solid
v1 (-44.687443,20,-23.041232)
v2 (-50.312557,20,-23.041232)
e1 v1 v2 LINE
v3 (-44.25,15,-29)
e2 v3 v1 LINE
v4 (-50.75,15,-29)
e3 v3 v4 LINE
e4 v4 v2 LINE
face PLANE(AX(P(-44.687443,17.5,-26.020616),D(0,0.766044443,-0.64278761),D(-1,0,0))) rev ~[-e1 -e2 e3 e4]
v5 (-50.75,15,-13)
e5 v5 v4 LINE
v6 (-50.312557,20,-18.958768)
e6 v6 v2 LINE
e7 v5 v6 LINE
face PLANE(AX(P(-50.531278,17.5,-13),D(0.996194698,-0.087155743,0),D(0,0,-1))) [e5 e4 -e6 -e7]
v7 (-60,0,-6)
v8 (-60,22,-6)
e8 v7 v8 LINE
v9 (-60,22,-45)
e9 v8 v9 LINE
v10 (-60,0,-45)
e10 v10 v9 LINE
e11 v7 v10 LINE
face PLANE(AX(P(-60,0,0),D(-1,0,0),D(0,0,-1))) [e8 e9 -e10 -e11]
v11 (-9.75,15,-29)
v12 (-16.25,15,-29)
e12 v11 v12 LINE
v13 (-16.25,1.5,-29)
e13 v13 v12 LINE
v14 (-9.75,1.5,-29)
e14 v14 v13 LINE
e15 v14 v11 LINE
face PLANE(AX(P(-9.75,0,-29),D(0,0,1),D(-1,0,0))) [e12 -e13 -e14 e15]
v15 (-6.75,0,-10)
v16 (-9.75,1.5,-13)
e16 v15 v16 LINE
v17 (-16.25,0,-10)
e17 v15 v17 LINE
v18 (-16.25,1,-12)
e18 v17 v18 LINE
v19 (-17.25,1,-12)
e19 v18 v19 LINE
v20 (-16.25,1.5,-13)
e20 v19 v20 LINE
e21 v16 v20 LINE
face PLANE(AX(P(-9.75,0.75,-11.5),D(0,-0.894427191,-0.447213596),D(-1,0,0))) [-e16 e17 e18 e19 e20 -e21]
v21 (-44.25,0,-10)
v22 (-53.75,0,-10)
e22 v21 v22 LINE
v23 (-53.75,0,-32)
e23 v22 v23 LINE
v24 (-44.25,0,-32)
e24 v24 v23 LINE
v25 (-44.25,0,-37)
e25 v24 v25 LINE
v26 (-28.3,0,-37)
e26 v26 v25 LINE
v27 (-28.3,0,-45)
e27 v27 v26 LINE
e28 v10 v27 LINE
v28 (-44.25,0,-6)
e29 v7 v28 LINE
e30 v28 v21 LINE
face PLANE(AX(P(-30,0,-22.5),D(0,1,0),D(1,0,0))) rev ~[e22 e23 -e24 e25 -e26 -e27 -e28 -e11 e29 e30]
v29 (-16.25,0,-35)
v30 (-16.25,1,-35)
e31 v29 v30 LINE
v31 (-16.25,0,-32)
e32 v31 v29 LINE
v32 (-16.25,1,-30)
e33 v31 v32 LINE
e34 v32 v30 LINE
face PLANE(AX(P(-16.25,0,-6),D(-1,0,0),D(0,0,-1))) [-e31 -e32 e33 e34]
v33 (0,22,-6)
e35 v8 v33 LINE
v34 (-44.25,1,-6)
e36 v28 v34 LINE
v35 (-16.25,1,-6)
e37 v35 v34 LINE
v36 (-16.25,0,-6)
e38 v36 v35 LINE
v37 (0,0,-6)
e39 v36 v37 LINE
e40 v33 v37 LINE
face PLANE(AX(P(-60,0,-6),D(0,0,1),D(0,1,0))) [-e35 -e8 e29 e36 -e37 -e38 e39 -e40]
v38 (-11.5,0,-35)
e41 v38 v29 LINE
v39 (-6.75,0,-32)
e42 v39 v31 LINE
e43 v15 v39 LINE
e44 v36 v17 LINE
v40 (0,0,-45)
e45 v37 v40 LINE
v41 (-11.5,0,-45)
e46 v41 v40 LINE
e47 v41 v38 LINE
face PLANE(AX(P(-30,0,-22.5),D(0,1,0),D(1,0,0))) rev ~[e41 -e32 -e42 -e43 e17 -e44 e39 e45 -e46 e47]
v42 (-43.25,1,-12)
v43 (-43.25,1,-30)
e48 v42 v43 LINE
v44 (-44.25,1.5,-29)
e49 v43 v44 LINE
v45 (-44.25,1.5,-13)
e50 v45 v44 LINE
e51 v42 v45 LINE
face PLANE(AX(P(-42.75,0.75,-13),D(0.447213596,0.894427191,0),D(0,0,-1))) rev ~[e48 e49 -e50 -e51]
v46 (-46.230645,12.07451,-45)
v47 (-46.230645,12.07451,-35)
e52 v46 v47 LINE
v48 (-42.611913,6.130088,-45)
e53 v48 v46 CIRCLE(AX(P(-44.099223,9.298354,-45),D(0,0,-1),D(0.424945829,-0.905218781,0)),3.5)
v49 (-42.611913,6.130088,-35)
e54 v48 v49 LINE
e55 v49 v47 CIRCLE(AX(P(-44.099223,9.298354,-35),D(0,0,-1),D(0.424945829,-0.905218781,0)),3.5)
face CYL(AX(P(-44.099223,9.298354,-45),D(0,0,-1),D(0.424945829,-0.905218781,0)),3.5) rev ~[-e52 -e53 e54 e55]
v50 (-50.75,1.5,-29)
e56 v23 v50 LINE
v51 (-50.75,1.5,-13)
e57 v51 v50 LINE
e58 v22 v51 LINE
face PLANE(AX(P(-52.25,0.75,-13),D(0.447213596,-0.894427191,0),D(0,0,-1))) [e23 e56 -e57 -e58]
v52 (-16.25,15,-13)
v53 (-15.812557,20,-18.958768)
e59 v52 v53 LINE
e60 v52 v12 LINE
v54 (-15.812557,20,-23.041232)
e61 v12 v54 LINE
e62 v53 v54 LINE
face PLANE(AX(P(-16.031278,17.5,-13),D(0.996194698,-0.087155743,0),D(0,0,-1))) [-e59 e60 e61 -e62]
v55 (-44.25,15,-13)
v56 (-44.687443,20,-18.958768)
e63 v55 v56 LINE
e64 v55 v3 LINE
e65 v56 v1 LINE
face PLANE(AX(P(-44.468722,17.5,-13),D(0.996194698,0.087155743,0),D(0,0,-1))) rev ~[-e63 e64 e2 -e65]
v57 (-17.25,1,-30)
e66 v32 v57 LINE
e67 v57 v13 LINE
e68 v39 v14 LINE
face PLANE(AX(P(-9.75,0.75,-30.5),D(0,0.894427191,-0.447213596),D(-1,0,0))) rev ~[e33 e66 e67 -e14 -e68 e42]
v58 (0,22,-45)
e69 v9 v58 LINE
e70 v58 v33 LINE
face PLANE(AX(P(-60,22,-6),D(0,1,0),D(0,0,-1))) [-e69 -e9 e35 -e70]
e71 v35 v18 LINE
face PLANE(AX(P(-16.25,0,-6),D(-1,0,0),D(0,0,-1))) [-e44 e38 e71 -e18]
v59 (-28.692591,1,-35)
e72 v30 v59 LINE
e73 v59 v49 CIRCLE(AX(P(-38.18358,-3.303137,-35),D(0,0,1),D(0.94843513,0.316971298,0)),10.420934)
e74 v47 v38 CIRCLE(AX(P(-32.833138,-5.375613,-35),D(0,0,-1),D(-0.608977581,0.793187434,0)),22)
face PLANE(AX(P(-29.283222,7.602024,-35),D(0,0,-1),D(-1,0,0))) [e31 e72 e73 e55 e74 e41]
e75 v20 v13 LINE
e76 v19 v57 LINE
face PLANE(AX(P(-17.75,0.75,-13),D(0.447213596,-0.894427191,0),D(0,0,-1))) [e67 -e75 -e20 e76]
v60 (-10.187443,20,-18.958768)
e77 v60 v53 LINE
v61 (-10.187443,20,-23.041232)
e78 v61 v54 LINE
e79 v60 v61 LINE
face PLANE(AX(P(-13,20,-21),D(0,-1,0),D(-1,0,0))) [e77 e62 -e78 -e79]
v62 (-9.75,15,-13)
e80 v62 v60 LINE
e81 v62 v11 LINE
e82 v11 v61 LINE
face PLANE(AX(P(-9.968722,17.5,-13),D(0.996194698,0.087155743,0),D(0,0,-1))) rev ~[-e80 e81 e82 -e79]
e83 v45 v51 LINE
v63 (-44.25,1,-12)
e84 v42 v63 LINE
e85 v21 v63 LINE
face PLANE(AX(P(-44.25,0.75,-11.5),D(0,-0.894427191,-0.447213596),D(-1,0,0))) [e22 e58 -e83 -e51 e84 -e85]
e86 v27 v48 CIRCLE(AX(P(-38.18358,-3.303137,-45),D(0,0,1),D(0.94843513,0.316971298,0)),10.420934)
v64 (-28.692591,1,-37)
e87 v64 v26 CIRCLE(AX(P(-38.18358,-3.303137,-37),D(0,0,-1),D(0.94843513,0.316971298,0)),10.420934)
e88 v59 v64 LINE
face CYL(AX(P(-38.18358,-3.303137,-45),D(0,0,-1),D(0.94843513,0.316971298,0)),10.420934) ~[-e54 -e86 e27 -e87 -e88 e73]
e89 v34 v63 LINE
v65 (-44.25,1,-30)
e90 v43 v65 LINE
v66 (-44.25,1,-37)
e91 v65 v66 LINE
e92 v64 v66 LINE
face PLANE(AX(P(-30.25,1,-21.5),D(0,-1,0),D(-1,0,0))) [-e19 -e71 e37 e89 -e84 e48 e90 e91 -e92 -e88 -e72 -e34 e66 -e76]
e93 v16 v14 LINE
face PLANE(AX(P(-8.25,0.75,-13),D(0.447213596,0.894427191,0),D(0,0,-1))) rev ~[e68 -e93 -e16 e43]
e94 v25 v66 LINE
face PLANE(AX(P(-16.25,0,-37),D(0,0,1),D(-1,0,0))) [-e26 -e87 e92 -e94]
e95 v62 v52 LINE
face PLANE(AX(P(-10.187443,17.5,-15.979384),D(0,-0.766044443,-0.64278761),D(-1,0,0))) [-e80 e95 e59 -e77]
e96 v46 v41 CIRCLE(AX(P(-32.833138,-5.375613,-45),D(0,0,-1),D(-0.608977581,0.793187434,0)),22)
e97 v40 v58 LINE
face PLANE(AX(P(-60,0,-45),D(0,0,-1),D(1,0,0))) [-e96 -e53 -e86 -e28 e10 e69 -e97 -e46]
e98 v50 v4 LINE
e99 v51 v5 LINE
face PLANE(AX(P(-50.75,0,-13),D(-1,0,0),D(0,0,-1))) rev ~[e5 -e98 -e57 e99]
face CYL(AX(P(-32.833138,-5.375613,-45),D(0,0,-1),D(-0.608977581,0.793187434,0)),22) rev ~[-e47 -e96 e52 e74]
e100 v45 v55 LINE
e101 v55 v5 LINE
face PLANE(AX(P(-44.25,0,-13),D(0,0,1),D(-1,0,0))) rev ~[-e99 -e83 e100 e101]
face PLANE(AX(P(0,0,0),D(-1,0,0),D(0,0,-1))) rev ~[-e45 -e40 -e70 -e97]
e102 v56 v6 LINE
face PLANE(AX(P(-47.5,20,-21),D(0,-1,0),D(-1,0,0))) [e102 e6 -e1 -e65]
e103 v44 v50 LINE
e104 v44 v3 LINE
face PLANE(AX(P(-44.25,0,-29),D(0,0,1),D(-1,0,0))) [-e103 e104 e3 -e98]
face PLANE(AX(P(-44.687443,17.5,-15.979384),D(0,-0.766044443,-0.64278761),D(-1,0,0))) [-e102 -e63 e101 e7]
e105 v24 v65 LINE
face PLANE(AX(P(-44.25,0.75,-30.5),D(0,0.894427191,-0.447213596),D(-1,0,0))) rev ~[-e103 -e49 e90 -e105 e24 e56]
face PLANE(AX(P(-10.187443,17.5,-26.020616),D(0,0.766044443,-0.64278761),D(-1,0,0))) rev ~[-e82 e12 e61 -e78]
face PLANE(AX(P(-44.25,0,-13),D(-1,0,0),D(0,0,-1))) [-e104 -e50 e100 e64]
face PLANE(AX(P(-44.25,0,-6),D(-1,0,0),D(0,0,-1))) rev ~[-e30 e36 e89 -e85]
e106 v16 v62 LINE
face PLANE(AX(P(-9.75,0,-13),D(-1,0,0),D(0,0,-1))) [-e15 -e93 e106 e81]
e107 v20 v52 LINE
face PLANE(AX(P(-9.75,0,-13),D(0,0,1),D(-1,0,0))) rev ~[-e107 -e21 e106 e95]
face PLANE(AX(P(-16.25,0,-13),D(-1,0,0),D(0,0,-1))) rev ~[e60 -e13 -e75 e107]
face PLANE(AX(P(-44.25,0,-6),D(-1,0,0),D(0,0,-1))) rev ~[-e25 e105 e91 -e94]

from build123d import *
from OCP.BRepFilletAPI import BRepFilletAPI_MakeChamfer

# Parameters (mm, degrees)
SKETCH1_W           = 60
SKETCH1_H           = 45
BOSS_EXTRUDE1_DEPTH = 30
SKETCH2_W           = 6.5
SKETCH2_H           = 16
CUT_EXTRUDE1_DEPTH  = 20
CHAMFER1_SIZE       = 5
CHAMFER1_SIZE2      = 0.437443318
CHAMFER2_SIZE       = 5
CHAMFER2_SIZE2      = 5.958767963
CUT_EXTRUDE2_DEPTH  = 10
CHAMFER3_SIZE       = 3
CHAMFER3_SIZE2      = 1.5
CUT_EXTRUDE3_REACH  = 82.777
SKETCH6_W           = 28
SKETCH6_H           = 31
CUT_EXTRUDE4_DEPTH  = 1


with BuildPart() as part:
    # Sketch1 → Boss-Extrude1 (new body)
    with BuildSketch(Plane(origin=(0, 0, 0), x_dir=(1, 0, 0), z_dir=(0, 1, 0))):
        with Locations((-30, 22.5)):
            Rectangle(SKETCH1_W, SKETCH1_H)
    extrude(amount=BOSS_EXTRUDE1_DEPTH)

    # Sketch2 → Cut-Extrude1 (cut)
    with BuildSketch(Plane(origin=(0, 0, 0), x_dir=(-1, 0, 0), z_dir=(0, -1, 0))):
        with Locations((47.5, 21)):
            Rectangle(SKETCH2_W, SKETCH2_H)
        with Locations((13, 21)):
            Rectangle(SKETCH2_W, SKETCH2_H)
    extrude(amount=-CUT_EXTRUDE1_DEPTH, mode=Mode.SUBTRACT)

    # Chamfer1: one chamfer whose edges measure the first distance from different faces: ONE call of the kernel's chamfer builder (chamfer() names one face for all edges)
    chamfer1_edges_1 = [part.edges().sort_by_distance(p)[0] for p in [
        (-50.75, 20, -21),
    ]]
    chamfer1_side_1 = [part.faces().sort_by_distance(p)[0] for p in [
        (-50.75, 10, -21),
    ]]
    chamfer1_edges_2 = [part.edges().sort_by_distance(p)[0] for p in [
        (-44.25, 20, -21),
    ]]
    chamfer1_side_2 = [part.faces().sort_by_distance(p)[0] for p in [
        (-44.25, 10, -21),
    ]]
    chamfer1_edges_3 = [part.edges().sort_by_distance(p)[0] for p in [
        (-16.25, 20, -21),
    ]]
    chamfer1_side_3 = [part.faces().sort_by_distance(p)[0] for p in [
        (-16.25, 10, -21),
    ]]
    chamfer1_edges_4 = [part.edges().sort_by_distance(p)[0] for p in [
        (-9.75, 20, -21),
    ]]
    chamfer1_side_4 = [part.faces().sort_by_distance(p)[0] for p in [
        (-9.75, 10, -21),
    ]]
    chamfer1 = BRepFilletAPI_MakeChamfer(part.part.solid().wrapped)
    for e in chamfer1_edges_1:
        chamfer1.Add(CHAMFER1_SIZE, CHAMFER1_SIZE2, e.wrapped, chamfer1_side_1[0].wrapped)  # the first distance lies on this face
    for e in chamfer1_edges_2:
        chamfer1.Add(CHAMFER1_SIZE, CHAMFER1_SIZE2, e.wrapped, chamfer1_side_2[0].wrapped)  # the first distance lies on this face
    for e in chamfer1_edges_3:
        chamfer1.Add(CHAMFER1_SIZE, CHAMFER1_SIZE2, e.wrapped, chamfer1_side_3[0].wrapped)  # the first distance lies on this face
    for e in chamfer1_edges_4:
        chamfer1.Add(CHAMFER1_SIZE, CHAMFER1_SIZE2, e.wrapped, chamfer1_side_4[0].wrapped)  # the first distance lies on this face
    add(Compound.cast(chamfer1.Shape()), mode=Mode.REPLACE)

    # Chamfer2: one chamfer whose edges measure the first distance from different faces: ONE call of the kernel's chamfer builder (chamfer() names one face for all edges)
    chamfer2_edges_1 = [part.edges().sort_by_distance(p)[0] for p in [
        (-47.5, 20, -29),
    ]]
    chamfer2_side_1 = [part.faces().sort_by_distance(p)[0] for p in [
        (-47.5, 9.857394508, -29),
    ]]
    chamfer2_edges_2 = [part.edges().sort_by_distance(p)[0] for p in [
        (-13, 20, -29),
    ]]
    chamfer2_side_2 = [part.faces().sort_by_distance(p)[0] for p in [
        (-13, 9.857394508, -29),
    ]]
    chamfer2_edges_3 = [part.edges().sort_by_distance(p)[0] for p in [
        (-13, 20, -13),
    ]]
    chamfer2_side_3 = [part.faces().sort_by_distance(p)[0] for p in [
        (-13, 9.857394508, -13),
    ]]
    chamfer2_edges_4 = [part.edges().sort_by_distance(p)[0] for p in [
        (-47.5, 20, -13),
    ]]
    chamfer2_side_4 = [part.faces().sort_by_distance(p)[0] for p in [
        (-47.5, 9.857394508, -13),
    ]]
    chamfer2 = BRepFilletAPI_MakeChamfer(part.part.solid().wrapped)
    for e in chamfer2_edges_1:
        chamfer2.Add(CHAMFER2_SIZE, CHAMFER2_SIZE2, e.wrapped, chamfer2_side_1[0].wrapped)  # the first distance lies on this face
    for e in chamfer2_edges_2:
        chamfer2.Add(CHAMFER2_SIZE, CHAMFER2_SIZE2, e.wrapped, chamfer2_side_2[0].wrapped)  # the first distance lies on this face
    for e in chamfer2_edges_3:
        chamfer2.Add(CHAMFER2_SIZE, CHAMFER2_SIZE2, e.wrapped, chamfer2_side_3[0].wrapped)  # the first distance lies on this face
    for e in chamfer2_edges_4:
        chamfer2.Add(CHAMFER2_SIZE, CHAMFER2_SIZE2, e.wrapped, chamfer2_side_4[0].wrapped)  # the first distance lies on this face
    add(Compound.cast(chamfer2.Shape()), mode=Mode.REPLACE)

    # Sketch4 → Cut-Extrude2 (cut)
    with BuildSketch(Plane(origin=(0, 0, -45), x_dir=(-1, 0, 0), z_dir=(0, 0, -1))):
        with BuildLine():
            Line((11.5, 0), (28.3, 0))
            ThreePointArc((28.3, 0), (34.080602383, 6.276082414), (42.61191296, 6.13008847))
            ThreePointArc((42.61191296, 6.13008847), (47.088831578, 7.478397416), (46.230644896, 12.074510224))
            ThreePointArc((46.230644896, 12.074510224), (25.608734298, 15.404376803), (11.5, 0))
        make_face()
    extrude(amount=-CUT_EXTRUDE2_DEPTH, mode=Mode.SUBTRACT)

    # Chamfer3
    chamfer3_edges = [part.edges().sort_by_distance(p)[0] for p in [
        (-50.75, 0, -21),
        (-47.5, 0, -29),
        (-44.25, 0, -21),
        (-47.5, 0, -13),
        (-16.25, 0, -21),
        (-13, 0, -29),
        (-9.75, 0, -21),
        (-13, 0, -13),
    ]]
    chamfer3_side = [part.faces().sort_by_distance(p)[0] for p in [
        (-30.707745267, 0, -21.36919105),
    ]]
    chamfer(chamfer3_edges, length=CHAMFER3_SIZE, length2=CHAMFER3_SIZE2, reference=chamfer3_side[0])

    # Sketch5 → Cut-Extrude3 (cut, up to next)
    with BuildSketch(Plane.ZY.offset(60), mode=Mode.PRIVATE) as cut_extrude3_sk1:
        Polygon((-45, 30), (0, 30), (0, 0), (-6, 0), (-6, 22), (-45, 22), align=None)
    cut_extrude3_tool1 = extrude(cut_extrude3_sk1.sketch, amount=-CUT_EXTRUDE3_REACH, mode=Mode.PRIVATE) & part.part
    add(cut_extrude3_tool1.solids().sort_by_distance((-60, 29.459167, -22.5))[0], mode=Mode.SUBTRACT)

    # Sketch6 → Cut-Extrude4 (cut)
    with BuildSketch(Plane(origin=(0, 0, 0), x_dir=(-1, 0, 0), z_dir=(0, -1, 0))):
        with Locations((30.25, 21.5)):
            Rectangle(SKETCH6_W, SKETCH6_H)
    extrude(amount=-CUT_EXTRUDE4_DEPTH, mode=Mode.SUBTRACT)


solid = part.part
